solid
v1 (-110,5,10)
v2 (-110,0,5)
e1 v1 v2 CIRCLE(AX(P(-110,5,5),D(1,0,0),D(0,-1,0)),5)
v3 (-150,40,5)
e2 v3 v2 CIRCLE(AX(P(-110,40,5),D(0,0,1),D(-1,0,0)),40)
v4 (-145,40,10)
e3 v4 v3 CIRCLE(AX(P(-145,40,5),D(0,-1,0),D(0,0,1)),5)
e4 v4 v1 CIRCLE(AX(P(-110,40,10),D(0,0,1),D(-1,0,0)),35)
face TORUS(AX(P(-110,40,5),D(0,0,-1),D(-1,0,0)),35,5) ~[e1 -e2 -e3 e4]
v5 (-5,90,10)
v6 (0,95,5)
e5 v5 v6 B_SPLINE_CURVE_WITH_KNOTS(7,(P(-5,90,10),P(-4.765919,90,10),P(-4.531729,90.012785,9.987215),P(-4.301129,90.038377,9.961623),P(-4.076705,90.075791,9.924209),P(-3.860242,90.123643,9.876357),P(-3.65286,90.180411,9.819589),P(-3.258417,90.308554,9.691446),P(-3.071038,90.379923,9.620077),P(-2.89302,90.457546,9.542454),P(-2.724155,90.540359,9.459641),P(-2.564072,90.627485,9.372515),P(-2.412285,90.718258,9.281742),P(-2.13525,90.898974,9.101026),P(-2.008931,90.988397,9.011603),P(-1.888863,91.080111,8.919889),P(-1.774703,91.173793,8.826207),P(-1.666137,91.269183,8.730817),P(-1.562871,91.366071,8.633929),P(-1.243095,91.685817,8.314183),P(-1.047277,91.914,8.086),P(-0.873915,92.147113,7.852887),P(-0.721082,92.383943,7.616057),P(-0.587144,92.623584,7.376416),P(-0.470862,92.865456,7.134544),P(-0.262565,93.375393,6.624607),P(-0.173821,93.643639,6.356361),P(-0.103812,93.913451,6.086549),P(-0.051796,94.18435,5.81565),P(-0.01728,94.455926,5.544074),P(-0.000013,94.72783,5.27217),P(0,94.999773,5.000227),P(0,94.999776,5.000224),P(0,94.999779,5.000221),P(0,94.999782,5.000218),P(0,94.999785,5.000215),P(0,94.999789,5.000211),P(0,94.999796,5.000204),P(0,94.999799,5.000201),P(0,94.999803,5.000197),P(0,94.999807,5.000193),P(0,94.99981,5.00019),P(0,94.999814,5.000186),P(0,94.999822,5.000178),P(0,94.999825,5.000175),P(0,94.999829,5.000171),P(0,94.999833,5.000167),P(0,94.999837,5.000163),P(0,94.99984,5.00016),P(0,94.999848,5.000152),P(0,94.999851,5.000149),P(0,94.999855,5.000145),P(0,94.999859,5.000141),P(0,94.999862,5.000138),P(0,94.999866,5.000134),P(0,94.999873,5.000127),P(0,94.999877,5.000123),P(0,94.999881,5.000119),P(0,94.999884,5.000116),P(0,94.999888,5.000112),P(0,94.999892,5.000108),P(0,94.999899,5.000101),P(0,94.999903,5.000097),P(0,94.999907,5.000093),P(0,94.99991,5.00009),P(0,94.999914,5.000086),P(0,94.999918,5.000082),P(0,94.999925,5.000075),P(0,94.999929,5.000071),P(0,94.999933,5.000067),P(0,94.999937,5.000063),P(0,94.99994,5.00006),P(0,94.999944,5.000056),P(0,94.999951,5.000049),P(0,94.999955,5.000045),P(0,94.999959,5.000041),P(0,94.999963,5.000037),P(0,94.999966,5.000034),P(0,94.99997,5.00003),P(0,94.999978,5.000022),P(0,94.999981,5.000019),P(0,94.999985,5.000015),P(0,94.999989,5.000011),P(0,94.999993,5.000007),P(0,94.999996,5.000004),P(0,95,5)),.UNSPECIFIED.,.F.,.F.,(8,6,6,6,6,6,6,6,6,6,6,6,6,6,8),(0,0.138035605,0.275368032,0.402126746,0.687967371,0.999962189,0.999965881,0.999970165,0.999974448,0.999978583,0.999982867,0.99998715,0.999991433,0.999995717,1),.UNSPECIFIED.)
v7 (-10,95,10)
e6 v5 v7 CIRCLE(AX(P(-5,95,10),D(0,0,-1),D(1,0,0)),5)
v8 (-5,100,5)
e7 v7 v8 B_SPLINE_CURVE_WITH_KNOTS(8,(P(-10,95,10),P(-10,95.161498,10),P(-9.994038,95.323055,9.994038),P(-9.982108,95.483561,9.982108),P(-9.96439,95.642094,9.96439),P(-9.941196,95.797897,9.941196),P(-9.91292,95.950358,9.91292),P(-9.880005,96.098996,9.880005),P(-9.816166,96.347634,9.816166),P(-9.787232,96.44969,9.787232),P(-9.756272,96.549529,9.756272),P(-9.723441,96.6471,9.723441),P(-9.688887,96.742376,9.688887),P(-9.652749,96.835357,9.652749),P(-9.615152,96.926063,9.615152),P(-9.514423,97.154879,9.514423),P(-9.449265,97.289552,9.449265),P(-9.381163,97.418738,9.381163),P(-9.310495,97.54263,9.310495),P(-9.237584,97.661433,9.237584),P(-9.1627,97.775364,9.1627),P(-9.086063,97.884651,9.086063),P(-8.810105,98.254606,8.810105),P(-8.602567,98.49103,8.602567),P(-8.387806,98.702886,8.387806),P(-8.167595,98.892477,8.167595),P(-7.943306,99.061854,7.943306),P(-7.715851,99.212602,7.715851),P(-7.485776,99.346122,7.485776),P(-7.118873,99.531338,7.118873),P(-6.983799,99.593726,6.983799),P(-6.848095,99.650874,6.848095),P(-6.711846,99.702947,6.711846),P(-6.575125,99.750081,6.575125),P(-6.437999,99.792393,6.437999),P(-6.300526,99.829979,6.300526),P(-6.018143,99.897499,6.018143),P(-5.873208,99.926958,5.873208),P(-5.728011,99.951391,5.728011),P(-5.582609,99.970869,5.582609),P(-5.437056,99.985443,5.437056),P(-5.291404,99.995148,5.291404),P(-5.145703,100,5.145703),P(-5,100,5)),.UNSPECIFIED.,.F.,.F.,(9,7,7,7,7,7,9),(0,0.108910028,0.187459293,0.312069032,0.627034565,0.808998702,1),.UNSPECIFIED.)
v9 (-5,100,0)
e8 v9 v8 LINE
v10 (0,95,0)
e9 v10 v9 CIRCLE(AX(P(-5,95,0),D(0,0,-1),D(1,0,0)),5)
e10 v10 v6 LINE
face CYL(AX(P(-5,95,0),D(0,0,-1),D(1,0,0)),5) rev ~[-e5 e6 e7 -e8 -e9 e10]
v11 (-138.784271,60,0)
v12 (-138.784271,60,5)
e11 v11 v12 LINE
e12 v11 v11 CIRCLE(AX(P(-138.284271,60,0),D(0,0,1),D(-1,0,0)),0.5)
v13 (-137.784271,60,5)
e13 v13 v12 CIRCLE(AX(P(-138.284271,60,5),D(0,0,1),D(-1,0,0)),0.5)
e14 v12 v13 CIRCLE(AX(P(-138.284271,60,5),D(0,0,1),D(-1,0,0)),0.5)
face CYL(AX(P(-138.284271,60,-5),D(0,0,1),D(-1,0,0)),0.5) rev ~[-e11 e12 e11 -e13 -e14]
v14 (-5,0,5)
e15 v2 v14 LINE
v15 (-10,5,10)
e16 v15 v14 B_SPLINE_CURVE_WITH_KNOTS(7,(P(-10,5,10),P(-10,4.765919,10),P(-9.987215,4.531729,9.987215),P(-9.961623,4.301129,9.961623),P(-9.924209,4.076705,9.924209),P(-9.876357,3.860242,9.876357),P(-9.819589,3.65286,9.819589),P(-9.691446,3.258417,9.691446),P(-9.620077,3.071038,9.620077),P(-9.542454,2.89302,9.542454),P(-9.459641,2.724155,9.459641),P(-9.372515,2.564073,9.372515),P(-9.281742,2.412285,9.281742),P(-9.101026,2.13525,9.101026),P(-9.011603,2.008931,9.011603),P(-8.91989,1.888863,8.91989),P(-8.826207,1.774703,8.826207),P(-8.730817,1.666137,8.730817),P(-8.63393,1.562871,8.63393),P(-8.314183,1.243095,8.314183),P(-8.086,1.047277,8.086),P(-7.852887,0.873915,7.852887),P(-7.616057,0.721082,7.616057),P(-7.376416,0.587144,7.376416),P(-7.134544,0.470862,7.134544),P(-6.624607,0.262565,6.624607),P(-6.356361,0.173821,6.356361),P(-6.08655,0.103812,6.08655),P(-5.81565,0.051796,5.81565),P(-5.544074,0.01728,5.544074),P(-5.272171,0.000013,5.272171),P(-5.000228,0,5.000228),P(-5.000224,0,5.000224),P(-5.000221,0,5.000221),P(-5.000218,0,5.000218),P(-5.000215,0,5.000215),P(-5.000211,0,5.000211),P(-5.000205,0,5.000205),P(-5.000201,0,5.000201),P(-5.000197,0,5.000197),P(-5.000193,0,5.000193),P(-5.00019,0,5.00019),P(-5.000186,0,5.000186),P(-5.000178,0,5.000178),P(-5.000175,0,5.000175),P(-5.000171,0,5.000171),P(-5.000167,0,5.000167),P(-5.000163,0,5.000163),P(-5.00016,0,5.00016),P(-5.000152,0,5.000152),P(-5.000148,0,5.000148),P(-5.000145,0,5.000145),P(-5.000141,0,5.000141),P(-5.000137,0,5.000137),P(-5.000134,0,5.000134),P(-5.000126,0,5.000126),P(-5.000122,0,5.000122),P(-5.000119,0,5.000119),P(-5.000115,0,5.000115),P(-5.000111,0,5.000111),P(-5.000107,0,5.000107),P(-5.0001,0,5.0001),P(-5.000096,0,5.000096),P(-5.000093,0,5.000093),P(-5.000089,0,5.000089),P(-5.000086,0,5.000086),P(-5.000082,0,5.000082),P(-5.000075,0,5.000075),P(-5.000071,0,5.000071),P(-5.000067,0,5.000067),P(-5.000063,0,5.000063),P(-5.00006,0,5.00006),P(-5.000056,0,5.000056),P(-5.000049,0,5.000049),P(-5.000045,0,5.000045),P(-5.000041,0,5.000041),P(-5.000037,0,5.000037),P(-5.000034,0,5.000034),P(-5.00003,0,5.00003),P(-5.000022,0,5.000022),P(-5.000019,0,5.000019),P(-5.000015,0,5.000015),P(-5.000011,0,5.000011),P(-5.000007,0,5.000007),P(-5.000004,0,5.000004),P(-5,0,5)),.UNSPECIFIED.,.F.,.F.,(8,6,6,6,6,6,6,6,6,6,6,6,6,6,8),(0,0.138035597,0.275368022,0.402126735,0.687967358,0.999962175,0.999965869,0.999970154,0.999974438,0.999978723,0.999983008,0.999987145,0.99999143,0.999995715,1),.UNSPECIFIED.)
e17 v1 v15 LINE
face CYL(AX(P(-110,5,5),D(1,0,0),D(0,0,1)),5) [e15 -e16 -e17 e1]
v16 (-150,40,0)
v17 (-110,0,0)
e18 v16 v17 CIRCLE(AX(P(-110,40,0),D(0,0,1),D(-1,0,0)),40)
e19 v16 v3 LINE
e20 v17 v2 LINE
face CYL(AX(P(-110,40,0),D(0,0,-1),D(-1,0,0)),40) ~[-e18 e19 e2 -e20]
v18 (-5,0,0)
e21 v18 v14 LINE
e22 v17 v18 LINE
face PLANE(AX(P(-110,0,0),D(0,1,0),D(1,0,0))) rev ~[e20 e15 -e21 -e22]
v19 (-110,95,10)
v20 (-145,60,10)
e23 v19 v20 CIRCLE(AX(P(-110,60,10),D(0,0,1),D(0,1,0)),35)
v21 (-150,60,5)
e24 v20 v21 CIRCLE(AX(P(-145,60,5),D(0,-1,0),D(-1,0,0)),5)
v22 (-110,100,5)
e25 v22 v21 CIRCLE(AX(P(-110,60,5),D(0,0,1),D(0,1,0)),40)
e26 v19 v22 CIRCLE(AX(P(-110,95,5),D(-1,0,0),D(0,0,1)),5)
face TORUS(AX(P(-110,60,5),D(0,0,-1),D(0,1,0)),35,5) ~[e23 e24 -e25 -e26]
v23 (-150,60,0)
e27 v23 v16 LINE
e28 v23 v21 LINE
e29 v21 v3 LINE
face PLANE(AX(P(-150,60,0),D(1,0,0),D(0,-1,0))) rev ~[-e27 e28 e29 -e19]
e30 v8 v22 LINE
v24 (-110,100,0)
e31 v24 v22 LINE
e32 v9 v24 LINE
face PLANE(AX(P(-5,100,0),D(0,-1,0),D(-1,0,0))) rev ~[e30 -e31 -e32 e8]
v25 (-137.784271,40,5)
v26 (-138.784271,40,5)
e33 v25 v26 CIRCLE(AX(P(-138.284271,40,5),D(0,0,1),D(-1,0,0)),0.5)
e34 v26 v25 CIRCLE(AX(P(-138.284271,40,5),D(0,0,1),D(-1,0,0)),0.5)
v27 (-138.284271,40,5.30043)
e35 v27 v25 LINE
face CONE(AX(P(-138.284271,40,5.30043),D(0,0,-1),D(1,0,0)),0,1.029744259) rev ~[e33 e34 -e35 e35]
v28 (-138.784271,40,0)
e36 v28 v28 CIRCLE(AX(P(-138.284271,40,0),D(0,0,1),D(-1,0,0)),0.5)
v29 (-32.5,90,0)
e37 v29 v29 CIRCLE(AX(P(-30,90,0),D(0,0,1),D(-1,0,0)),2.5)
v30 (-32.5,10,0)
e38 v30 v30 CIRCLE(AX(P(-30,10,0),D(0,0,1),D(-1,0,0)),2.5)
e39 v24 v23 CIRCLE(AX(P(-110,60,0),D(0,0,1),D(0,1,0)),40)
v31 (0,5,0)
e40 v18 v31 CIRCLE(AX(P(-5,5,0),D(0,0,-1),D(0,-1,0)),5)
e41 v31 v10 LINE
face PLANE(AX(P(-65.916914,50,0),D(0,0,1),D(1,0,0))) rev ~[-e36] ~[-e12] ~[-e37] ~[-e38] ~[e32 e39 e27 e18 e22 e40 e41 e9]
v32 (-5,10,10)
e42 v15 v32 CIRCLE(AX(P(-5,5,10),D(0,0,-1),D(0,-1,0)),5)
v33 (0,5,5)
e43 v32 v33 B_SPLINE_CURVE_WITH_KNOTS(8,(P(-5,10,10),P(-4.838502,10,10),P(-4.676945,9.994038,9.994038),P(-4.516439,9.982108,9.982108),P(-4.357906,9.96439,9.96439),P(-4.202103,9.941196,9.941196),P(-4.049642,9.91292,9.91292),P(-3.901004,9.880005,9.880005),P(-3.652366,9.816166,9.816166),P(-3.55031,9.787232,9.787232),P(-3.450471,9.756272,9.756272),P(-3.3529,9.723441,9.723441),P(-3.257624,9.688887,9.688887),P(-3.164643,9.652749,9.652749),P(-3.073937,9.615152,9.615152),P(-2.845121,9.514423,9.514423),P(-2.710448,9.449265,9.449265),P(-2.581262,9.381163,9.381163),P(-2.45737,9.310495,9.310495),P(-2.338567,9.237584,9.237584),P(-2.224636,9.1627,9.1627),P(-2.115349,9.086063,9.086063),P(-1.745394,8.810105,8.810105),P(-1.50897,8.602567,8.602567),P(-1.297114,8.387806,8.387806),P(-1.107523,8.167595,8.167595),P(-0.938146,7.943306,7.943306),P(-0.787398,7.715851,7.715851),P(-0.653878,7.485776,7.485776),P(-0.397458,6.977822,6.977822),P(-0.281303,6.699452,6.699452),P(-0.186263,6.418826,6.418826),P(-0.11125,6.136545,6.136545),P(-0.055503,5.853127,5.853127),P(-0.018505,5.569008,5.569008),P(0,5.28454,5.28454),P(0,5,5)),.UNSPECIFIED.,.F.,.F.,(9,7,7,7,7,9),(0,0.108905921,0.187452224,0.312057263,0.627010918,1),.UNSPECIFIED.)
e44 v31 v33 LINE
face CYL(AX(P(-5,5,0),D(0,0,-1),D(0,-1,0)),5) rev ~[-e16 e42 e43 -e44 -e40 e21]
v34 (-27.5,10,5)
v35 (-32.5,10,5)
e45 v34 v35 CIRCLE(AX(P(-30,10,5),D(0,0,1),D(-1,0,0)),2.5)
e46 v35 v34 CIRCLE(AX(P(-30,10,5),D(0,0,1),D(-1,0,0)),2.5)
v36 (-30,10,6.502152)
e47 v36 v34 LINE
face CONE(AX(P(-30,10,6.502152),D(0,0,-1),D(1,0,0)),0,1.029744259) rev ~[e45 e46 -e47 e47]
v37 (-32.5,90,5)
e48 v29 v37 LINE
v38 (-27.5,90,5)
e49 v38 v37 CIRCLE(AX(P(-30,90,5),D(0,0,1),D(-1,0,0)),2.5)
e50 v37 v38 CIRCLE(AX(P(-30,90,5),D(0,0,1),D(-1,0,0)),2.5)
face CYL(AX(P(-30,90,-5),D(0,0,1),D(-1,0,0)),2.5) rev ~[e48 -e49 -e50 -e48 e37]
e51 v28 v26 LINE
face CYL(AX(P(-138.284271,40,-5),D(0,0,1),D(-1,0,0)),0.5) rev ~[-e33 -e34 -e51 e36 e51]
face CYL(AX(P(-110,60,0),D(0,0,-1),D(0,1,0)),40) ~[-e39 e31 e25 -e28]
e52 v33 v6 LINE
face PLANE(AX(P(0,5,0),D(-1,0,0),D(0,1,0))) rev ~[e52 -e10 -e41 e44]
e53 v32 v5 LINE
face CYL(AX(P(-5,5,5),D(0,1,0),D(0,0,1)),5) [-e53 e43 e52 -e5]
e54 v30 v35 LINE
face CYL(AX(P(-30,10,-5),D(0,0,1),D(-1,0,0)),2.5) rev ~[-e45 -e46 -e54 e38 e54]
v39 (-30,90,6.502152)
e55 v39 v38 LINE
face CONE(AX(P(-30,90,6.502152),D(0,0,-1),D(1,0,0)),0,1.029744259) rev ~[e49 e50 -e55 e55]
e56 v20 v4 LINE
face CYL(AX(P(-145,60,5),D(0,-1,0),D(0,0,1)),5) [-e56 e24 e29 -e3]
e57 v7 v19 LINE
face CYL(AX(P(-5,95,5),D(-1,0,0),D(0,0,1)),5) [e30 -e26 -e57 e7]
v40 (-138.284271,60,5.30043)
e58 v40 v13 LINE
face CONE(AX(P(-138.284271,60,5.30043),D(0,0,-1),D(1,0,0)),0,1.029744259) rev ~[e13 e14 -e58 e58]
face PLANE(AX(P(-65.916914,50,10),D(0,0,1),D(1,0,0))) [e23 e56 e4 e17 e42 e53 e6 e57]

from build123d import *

# Parameters (mm, degrees)
F1_DEPTH = 10
F3_D     = 5
F3_DEPTH = 5
F3_TIP   = 1.5021515476
F5_D     = 1
F5_DEPTH = 5
F5_TIP   = 0.3004303095
F6_R     = 5


with BuildPart() as f1:
    # F0 (on Top) → F1 (new body)
    with BuildSketch(Plane.XY):
        with BuildLine():
            Line((-110, 0), (-5, 0))
            ThreePointArc((-5, 0), (-8.5355339059, 8.5355339059), (0, 5))
            Line((0, 5), (0, 95))
            ThreePointArc((0, 95), (-8.5355339059, 91.4644660941), (-5, 100))
            Line((-5, 100), (-110, 100))
            ThreePointArc((-110, 100), (-138.2842712475, 88.2842712475), (-150, 60))
            Line((-150, 60), (-150, 40))
            ThreePointArc((-150, 40), (-138.2842712475, 11.7157287525), (-110, 0))
        make_face()
    extrude(amount=F1_DEPTH)

    # F3
    with Locations(Plane(origin=(0, 0, 0), x_dir=(1, 0, 0), z_dir=(0, 0, -1))):
        with Locations((-30, -10), (-30, -90)):
            Hole(F3_D / 2, depth=F3_DEPTH)
            with Locations((0, 0, -(F3_DEPTH + F3_TIP / 2))):  # 118° drill point
                Cone(0, F3_D / 2, F3_TIP, mode=Mode.SUBTRACT)

    # F5
    with Locations(Plane(origin=(0, 0, 0), x_dir=(1, 0, 0), z_dir=(0, 0, -1))):
        with Locations((-138.2842712475, -40), (-138.2842712475, -60)):
            Hole(F5_D / 2, depth=F5_DEPTH)
            with Locations((0, 0, -(F5_DEPTH + F5_TIP / 2))):  # 118° drill point
                Cone(0, F5_D / 2, F5_TIP, mode=Mode.SUBTRACT)

    # F6
    f6_edges = [f1.edges().sort_by_distance(p)[0] for p in [
        (-57.5, 100, 10),
        (0, 50, 10),
    ]]
    fillet(f6_edges, radius=F6_R)


solid = f1.part
